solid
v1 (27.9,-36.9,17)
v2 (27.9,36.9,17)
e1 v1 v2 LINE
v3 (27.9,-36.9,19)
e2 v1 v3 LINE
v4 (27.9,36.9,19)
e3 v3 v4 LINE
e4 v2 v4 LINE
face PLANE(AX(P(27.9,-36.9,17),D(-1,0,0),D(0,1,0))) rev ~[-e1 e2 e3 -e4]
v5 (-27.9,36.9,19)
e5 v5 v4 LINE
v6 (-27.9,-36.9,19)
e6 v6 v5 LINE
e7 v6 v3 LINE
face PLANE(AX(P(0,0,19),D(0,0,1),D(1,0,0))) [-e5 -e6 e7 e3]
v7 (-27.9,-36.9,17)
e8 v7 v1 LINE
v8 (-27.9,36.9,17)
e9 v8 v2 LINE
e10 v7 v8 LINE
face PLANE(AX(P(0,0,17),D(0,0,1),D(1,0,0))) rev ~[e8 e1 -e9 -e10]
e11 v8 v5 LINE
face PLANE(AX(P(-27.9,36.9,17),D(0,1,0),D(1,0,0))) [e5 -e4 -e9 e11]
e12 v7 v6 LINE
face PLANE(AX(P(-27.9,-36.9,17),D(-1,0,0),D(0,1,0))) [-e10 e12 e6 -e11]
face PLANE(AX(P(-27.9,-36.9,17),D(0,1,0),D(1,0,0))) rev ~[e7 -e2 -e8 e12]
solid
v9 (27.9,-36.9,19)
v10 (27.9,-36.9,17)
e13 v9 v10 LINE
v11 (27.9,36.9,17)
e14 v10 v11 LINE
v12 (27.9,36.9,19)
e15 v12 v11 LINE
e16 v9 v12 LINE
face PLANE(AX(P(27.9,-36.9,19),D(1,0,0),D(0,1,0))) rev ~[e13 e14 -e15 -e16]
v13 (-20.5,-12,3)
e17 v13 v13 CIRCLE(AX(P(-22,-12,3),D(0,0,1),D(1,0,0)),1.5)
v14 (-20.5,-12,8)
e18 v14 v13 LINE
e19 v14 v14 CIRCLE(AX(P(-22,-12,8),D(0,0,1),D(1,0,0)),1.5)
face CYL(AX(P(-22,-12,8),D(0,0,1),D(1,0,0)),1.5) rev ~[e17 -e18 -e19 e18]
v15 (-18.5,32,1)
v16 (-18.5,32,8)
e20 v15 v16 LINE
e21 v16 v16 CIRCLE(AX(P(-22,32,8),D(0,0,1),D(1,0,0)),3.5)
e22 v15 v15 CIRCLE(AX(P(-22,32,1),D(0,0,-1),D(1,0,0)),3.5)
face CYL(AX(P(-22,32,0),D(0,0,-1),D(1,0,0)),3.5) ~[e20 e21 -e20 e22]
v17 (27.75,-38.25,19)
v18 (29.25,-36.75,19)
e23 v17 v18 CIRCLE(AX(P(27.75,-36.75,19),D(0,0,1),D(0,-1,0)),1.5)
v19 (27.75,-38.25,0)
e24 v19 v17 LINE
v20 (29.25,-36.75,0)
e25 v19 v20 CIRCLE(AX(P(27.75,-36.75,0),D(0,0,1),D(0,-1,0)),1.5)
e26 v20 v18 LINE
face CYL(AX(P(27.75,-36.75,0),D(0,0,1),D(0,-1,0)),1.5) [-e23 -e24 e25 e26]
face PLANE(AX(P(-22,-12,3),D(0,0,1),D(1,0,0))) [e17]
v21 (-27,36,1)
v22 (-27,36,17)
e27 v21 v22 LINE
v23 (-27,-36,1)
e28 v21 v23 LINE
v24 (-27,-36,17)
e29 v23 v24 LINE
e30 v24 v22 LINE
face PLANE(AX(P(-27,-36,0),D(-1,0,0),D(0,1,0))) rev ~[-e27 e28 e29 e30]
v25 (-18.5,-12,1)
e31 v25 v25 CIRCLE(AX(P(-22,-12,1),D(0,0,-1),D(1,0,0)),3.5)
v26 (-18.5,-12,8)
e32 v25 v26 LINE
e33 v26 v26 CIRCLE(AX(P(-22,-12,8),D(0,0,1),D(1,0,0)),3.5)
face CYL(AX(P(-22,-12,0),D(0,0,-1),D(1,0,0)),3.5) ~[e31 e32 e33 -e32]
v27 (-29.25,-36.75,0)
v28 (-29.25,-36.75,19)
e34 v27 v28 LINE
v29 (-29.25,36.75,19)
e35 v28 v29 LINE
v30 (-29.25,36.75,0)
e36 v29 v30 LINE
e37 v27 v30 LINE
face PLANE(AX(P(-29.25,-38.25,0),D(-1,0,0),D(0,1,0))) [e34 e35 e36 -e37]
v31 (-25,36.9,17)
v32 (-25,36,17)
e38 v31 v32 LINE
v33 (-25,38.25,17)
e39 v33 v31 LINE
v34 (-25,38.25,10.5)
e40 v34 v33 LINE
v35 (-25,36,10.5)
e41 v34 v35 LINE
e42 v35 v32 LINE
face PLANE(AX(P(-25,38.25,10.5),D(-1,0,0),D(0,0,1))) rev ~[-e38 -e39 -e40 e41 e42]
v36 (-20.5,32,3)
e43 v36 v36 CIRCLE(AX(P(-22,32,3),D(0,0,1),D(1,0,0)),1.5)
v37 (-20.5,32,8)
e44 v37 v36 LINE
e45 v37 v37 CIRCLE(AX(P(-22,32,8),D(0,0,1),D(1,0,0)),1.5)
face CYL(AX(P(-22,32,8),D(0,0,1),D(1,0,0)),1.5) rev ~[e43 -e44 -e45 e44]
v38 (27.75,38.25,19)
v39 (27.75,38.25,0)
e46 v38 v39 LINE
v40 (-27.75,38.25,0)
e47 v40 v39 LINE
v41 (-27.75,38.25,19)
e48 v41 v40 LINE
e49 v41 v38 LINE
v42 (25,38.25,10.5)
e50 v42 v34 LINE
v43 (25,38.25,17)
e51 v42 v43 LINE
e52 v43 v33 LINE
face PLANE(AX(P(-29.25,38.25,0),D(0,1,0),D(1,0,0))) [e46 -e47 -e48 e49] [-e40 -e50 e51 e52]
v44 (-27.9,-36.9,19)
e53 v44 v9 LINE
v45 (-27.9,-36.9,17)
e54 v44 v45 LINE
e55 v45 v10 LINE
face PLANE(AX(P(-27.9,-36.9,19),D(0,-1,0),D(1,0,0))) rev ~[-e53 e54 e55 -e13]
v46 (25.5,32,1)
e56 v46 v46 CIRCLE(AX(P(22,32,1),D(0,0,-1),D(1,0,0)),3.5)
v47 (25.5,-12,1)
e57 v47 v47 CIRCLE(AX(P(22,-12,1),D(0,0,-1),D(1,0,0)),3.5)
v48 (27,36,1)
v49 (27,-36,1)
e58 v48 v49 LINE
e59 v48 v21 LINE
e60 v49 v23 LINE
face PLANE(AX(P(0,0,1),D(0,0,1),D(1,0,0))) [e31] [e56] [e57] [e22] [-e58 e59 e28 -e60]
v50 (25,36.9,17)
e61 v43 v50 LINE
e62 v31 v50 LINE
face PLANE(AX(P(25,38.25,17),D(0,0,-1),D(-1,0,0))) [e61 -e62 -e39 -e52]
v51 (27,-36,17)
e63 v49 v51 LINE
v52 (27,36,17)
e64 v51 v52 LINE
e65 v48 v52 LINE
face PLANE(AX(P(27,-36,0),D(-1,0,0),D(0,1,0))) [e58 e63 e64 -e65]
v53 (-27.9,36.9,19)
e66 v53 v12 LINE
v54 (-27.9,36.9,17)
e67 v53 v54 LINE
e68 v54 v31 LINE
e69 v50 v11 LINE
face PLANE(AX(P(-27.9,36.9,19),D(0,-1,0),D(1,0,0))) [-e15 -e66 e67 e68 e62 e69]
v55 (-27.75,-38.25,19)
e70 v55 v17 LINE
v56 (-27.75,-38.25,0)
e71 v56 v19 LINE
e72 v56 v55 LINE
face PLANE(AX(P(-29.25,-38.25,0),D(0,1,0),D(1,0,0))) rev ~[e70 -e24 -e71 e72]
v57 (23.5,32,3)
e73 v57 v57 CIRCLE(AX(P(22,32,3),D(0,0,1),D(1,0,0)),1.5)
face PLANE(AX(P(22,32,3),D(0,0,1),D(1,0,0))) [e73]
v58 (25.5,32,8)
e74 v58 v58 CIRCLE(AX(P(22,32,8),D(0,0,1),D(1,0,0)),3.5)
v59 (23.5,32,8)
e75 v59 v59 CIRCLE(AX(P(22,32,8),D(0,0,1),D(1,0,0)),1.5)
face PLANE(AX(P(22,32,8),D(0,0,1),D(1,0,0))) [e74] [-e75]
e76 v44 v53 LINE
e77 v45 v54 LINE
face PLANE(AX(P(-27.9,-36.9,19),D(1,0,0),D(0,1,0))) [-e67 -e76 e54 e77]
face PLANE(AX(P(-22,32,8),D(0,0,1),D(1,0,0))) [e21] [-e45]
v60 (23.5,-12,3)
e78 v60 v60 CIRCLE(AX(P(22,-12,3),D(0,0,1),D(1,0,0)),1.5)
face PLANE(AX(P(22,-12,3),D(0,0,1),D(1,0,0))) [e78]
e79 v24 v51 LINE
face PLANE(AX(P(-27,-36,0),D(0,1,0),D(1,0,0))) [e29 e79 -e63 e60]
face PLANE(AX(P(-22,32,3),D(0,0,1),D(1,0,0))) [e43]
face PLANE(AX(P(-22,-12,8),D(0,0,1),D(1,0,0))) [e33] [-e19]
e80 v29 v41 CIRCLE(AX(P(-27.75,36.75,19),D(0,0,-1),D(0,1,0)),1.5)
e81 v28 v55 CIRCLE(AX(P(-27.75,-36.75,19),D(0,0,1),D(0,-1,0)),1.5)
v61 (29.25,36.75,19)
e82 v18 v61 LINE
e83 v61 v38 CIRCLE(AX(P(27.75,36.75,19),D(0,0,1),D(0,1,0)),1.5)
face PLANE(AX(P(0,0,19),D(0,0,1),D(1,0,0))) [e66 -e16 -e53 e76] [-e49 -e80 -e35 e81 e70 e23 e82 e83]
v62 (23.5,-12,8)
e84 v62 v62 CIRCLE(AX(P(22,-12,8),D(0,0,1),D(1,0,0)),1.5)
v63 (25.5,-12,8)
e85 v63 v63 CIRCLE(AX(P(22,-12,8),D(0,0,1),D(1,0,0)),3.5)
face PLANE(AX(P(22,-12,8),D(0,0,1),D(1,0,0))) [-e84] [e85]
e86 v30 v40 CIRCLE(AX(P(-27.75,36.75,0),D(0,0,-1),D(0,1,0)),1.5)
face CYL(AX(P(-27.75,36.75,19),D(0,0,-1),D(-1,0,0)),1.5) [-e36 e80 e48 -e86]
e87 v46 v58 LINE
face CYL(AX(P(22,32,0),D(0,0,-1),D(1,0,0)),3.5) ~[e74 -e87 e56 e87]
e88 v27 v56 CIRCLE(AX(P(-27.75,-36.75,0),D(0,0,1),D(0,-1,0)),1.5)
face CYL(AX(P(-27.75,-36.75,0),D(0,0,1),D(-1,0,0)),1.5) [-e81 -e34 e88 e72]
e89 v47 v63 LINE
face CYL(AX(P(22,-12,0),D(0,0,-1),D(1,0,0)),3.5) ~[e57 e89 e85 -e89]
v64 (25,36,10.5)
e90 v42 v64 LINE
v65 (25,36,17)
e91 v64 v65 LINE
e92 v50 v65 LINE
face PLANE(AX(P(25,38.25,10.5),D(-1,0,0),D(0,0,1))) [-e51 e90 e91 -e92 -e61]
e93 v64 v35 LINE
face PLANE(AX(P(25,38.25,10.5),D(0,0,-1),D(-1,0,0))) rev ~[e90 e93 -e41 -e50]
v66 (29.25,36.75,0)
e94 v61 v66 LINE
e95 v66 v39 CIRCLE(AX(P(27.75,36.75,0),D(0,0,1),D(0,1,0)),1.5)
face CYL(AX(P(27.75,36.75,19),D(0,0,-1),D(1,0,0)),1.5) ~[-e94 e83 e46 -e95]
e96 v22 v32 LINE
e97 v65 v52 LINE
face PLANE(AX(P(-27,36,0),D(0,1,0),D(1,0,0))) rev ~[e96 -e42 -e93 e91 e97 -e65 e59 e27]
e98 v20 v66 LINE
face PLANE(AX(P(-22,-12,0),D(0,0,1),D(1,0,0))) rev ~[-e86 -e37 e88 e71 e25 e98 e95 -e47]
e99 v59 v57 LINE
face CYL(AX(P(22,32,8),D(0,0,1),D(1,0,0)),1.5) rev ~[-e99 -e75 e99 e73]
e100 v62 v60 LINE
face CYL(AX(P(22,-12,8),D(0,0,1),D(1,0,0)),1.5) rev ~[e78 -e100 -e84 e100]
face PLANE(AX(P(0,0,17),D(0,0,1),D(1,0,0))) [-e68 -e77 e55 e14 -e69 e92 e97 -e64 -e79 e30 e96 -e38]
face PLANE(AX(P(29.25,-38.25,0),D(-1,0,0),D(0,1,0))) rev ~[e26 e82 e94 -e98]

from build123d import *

# Parameters (mm, degrees)
F0_W      = 58.5
F0_H      = 76.5
F0_W_2    = 54
F0_H_2    = 72
F0_R      = 3.5
F1_DEPTH  = 1
F2_DEPTH  = 19
F3_DEPTH  = 8
F4_R      = 1.5
F5_DEPTH  = 5
F6_W      = 55.8
F6_H      = 73.8
F7_DEPTH  = 2
F8_W      = 50
F8_H      = 6.5
F9_DEPTH  = 3
F10_R     = 1.5
F11_W     = 55.8
F11_H     = 73.8
F12_DEPTH = 2


with BuildPart() as f1:
    # F0 (on Top) → F1 (new body)
    with BuildSketch(Plane.XY):
        Rectangle(F0_W, F0_H)
        Rectangle(F0_W_2, F0_H_2, mode=Mode.SUBTRACT)
        Rectangle(F0_W_2, F0_H_2)
        with Locations((-22, -12)):
            Circle(F0_R, mode=Mode.SUBTRACT)
        with Locations((22, -12)):
            Circle(F0_R, mode=Mode.SUBTRACT)
        with Locations((-22, 32)):
            Circle(F0_R, mode=Mode.SUBTRACT)
        with Locations((22, 32)):
            Circle(F0_R, mode=Mode.SUBTRACT)
        with Locations((-22, 32)):
            Circle(F0_R)
        with Locations((22, 32)):
            Circle(F0_R)
        with Locations((22, -12)):
            Circle(F0_R)
        with Locations((-22, -12)):
            Circle(F0_R)
    extrude(amount=F1_DEPTH)

    # F0 (on Top) → F2 (join)
    with BuildSketch(Plane.XY):
        Rectangle(F0_W, F0_H)
        Rectangle(F0_W_2, F0_H_2, mode=Mode.SUBTRACT)
    extrude(amount=F2_DEPTH)

    # F0 (on Top) → F3 (join)
    with BuildSketch(Plane.XY):
        with Locations((-22, -12)):
            Circle(F0_R)
        with Locations((22, -12)):
            Circle(F0_R)
        with Locations((-22, 32)):
            Circle(F0_R)
        with Locations((22, 32)):
            Circle(F0_R)
    extrude(amount=F3_DEPTH)

    # F4 (on face) → F5 (cut)
    with BuildSketch(Plane.XY.offset(8)):
        with Locations((22, -12)):
            Circle(F4_R)
        with Locations((22, 32)):
            Circle(F4_R)
        with Locations((-22, -12)):
            Circle(F4_R)
        with Locations((-22, 32)):
            Circle(F4_R)
    extrude(amount=-F5_DEPTH, mode=Mode.SUBTRACT)

    # F6 (on face) → F7 (cut)
    with BuildSketch(Plane.XY.offset(19)):
        Rectangle(F6_W, F6_H)
    extrude(amount=-F7_DEPTH, mode=Mode.SUBTRACT)

    # F8 (on face) → F9 (cut)
    with BuildSketch(Plane(origin=(0, 38.25, 0), x_dir=(-1, 0, 0), z_dir=(0, 1, 0))):
        with Locations((0, 13.75)):
            Rectangle(F8_W, F8_H)
    extrude(amount=-F9_DEPTH, mode=Mode.SUBTRACT)

    # F10
    f10_edges = [f1.edges().sort_by_distance(p)[0] for p in [
        (29.25, -38.25, 9.5),
        (-29.25, -38.25, 9.5),
        (-29.25, 38.25, 9.5),
        (29.25, 38.25, 9.5),
    ]]
    fillet(f10_edges, radius=F10_R)


with BuildPart() as f12:
    # F11 (on face) → F12 (new body)
    with BuildSketch(Plane.XY.offset(17)):
        Rectangle(F11_W, F11_H)
    extrude(amount=F12_DEPTH)


solid = Compound([f1.part, f12.part])
